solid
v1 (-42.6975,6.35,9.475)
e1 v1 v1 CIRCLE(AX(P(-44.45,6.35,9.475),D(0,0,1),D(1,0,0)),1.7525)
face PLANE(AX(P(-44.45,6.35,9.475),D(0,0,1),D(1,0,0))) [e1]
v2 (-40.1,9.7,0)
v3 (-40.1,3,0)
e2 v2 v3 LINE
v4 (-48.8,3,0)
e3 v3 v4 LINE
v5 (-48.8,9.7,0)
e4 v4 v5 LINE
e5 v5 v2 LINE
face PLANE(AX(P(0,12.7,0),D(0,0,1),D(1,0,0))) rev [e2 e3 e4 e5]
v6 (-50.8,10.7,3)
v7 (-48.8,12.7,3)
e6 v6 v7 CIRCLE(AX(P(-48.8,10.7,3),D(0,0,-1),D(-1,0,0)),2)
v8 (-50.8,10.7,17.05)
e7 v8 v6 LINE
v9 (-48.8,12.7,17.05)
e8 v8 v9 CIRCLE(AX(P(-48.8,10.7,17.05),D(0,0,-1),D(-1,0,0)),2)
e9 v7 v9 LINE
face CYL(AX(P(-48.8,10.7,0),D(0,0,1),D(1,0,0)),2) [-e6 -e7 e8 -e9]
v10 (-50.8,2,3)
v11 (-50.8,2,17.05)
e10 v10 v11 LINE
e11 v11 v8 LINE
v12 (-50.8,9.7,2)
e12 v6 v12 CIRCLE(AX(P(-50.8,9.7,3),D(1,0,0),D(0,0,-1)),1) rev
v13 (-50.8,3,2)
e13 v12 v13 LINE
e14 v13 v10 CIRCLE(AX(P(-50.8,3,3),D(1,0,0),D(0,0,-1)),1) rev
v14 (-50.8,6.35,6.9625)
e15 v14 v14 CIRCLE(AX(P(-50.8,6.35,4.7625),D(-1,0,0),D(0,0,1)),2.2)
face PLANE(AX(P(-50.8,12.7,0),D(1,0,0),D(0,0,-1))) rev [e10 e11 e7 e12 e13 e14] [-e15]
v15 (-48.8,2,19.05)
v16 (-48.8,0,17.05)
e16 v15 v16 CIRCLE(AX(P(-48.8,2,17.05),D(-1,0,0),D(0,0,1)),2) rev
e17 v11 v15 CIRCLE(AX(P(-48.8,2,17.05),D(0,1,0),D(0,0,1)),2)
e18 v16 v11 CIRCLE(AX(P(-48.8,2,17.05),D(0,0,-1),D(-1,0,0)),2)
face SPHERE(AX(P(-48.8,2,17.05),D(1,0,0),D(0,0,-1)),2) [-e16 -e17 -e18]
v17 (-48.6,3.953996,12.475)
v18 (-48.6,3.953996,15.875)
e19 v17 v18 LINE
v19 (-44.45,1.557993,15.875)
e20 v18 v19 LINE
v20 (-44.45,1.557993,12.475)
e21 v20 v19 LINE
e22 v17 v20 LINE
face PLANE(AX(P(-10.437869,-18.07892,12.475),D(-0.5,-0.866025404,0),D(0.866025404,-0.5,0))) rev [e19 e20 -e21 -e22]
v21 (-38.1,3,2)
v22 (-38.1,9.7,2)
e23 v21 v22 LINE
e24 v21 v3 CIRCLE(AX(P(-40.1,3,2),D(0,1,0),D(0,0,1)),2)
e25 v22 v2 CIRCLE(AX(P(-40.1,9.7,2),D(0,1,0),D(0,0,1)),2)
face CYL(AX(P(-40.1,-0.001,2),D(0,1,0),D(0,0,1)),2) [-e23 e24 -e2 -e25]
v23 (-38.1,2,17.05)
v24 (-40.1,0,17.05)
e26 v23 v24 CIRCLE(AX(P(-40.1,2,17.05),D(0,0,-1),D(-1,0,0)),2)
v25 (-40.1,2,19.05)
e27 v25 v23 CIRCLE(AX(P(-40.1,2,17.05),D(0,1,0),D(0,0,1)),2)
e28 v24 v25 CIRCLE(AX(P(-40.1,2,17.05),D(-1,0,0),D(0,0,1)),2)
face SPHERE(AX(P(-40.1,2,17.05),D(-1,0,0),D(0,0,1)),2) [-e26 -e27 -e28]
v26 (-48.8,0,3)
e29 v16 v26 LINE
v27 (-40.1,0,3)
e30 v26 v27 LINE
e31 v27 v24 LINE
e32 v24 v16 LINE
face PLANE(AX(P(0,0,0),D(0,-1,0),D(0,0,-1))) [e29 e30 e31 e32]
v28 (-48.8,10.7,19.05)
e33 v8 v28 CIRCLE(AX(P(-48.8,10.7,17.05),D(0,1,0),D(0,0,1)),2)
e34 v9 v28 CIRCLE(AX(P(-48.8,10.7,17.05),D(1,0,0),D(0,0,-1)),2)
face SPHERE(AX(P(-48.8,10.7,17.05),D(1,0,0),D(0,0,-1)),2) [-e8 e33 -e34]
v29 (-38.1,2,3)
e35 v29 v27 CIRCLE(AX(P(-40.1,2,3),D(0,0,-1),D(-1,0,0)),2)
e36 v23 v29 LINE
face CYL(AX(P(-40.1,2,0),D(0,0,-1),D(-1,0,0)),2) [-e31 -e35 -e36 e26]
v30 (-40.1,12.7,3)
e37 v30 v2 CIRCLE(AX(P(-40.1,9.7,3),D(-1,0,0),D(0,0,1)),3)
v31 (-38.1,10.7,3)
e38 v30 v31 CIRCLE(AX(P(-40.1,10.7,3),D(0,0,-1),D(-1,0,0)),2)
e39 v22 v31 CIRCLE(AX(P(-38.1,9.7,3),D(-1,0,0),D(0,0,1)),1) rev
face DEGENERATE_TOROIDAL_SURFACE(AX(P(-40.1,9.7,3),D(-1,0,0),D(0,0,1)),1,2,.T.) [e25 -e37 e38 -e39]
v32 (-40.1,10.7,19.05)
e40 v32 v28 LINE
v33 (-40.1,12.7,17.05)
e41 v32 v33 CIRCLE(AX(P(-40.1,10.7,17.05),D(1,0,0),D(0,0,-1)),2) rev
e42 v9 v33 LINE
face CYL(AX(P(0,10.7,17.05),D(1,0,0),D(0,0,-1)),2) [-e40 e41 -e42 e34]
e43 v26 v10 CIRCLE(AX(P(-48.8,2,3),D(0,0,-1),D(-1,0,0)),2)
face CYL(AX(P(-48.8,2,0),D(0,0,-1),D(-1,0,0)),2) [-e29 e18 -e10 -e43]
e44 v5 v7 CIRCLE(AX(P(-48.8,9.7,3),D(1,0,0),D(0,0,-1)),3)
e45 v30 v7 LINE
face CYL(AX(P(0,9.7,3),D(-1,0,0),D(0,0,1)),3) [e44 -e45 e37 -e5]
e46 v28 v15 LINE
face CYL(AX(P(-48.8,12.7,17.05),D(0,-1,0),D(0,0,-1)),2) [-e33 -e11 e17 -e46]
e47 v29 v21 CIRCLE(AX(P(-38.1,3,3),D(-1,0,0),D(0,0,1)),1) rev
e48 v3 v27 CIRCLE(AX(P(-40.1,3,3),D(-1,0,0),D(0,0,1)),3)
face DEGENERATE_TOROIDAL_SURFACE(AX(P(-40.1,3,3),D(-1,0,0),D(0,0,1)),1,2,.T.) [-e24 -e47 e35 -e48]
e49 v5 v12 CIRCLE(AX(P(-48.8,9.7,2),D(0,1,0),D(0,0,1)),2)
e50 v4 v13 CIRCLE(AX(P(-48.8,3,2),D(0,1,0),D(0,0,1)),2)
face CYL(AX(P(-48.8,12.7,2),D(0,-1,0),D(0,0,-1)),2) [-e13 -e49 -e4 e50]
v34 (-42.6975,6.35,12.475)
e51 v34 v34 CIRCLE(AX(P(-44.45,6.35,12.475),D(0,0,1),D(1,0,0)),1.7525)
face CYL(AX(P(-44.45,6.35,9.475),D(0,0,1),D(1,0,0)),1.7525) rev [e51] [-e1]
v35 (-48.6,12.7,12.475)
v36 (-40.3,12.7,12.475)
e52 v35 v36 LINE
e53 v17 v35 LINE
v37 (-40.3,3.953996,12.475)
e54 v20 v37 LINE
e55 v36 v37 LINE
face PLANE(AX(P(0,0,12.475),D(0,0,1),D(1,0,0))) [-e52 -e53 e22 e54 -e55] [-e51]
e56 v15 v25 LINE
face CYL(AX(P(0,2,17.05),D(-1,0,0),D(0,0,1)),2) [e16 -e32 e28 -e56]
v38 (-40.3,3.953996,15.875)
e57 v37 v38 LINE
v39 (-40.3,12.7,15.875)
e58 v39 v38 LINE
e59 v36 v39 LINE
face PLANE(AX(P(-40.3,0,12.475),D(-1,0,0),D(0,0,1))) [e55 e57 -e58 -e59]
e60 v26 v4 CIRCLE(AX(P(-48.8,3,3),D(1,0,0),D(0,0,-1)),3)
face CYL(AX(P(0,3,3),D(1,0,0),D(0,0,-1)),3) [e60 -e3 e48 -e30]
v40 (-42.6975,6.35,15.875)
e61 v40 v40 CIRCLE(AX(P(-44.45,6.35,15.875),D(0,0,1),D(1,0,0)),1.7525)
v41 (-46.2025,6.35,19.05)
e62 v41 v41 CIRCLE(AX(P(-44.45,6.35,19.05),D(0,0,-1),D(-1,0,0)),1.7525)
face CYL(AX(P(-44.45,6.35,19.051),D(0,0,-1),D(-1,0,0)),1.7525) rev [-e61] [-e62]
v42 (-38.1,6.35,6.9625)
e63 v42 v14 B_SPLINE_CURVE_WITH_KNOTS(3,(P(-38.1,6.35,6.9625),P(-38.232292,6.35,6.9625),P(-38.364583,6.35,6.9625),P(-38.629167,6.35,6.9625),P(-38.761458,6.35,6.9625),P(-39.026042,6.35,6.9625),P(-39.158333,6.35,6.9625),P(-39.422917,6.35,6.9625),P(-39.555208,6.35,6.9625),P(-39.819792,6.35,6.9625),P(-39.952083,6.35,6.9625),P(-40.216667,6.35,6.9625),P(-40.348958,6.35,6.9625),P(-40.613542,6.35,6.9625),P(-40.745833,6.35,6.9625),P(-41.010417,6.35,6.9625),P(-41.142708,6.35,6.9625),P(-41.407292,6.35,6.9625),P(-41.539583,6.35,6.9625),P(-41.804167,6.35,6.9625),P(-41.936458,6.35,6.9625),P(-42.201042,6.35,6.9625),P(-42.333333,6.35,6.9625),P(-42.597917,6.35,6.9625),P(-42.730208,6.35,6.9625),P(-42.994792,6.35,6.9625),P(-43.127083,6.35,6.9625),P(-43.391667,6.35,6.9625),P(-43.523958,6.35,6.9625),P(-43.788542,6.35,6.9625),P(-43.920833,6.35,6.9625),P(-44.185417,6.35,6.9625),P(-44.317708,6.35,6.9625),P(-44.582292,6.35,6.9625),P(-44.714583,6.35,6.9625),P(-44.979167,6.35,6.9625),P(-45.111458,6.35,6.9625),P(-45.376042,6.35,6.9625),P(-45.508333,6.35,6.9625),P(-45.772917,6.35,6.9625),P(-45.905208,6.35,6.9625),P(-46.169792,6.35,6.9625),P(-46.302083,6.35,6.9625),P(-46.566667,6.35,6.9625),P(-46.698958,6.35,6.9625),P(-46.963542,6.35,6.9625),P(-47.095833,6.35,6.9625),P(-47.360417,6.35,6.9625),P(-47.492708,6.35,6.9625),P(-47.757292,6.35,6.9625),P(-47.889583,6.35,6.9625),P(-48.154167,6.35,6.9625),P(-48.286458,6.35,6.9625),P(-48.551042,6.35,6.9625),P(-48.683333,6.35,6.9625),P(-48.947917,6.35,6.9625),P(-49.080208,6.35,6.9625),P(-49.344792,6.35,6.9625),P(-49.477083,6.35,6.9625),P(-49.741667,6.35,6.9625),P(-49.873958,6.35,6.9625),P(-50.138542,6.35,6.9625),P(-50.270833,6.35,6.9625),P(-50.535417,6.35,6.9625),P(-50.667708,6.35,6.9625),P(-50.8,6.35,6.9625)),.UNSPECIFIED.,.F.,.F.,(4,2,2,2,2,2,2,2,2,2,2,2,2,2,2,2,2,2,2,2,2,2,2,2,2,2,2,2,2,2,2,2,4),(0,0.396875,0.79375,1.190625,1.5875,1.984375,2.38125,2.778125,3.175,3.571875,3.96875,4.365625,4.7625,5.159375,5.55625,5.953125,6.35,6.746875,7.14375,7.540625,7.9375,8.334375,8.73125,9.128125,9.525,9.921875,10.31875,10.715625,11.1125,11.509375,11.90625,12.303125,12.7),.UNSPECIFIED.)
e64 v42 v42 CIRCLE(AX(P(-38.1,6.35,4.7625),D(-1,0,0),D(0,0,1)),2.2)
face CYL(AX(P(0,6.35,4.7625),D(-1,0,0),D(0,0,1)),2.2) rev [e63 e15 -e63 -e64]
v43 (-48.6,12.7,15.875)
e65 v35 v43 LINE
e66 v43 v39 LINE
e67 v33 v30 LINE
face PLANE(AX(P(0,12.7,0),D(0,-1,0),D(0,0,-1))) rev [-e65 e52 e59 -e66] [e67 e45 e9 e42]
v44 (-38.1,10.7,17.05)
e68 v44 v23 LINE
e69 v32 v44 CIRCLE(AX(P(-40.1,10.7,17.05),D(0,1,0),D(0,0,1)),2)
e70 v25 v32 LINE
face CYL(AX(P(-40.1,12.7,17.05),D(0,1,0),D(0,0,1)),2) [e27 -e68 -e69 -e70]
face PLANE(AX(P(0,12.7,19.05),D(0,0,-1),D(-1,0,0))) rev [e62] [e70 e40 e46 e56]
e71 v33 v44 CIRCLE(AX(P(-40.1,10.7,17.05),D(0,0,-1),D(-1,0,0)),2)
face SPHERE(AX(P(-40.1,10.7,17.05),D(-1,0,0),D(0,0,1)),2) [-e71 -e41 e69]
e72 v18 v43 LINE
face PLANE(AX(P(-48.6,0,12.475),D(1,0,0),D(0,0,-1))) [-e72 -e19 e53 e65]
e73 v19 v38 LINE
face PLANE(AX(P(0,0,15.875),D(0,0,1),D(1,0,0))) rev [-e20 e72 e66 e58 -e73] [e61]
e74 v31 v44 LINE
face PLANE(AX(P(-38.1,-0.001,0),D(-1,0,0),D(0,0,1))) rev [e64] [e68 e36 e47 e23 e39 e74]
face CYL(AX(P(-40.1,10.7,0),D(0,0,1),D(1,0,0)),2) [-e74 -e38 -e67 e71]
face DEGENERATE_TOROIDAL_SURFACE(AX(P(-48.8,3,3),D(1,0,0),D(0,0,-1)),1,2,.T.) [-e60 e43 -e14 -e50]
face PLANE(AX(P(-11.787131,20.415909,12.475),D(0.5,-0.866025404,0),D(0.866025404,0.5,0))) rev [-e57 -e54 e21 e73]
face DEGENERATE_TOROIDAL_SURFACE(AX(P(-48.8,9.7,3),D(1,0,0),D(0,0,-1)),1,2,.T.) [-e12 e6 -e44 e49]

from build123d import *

# Parameters (mm, degrees)
SKETCH1_W           = 50.8
SKETCH1_H           = 19.05
BOSS_EXTRUDE1_DEPTH = 12.7
SKETCH2_R           = 2.2
CUT_EXTRUDE1_DEPTH  = 56.72102386
SKETCH4_R           = 1.7525
CUT_EXTRUDE3_DEPTH  = 3.4
CUT_EXTRUDE4_START  = -3.4
SKETCH4_3_R         = 1.7525
CUT_EXTRUDE4_DEPTH  = 3
CUT_EXTRUDE5_REACH  = 56.717
SKETCH4_4_R         = 1.7525
CUT_EXTRUDE6_REACH  = 57.721
SKETCH5_W           = 38.1
SKETCH5_H           = 19.05
FILLET1_R           = 3
FILLET2_R           = 2
FILLET3_R           = 2


with BuildPart() as part:
    # Sketch1 → Boss-Extrude1 (new body)
    with BuildSketch(Plane(origin=(0, 0, 0), x_dir=(1, 0, 0), z_dir=(0, 1, 0))):
        with Locations((-25.4, -9.525)):
            Rectangle(SKETCH1_W, SKETCH1_H)
    extrude(amount=BOSS_EXTRUDE1_DEPTH)

    # Sketch2 → Cut-Extrude1 (cut, through all)
    with BuildSketch(Plane.ZY.offset(50.8)):
        with Locations((4.7625, 6.35)):
            Circle(SKETCH2_R)
    extrude(amount=-CUT_EXTRUDE1_DEPTH, mode=Mode.SUBTRACT)

    # Sketch4 → Cut-Extrude3 (cut)
    # profile 1 of 9: a face of its own
    with BuildSketch(Plane.XY.offset(15.875)):
        Polygon((-40.3, 12.7), (-40.3, 8.746003617), (-44.45, 11.142007234), (-48.6, 8.746003617), (-48.6, 12.7), align=None)
    # profile 2 of 9: a face of its own
    with BuildSketch(Plane.XY.offset(15.875)):
        Polygon((-48.6, 8.746003617), (-48.6, 3.953996383), (-44.45, 1.557992766), (-40.3, 3.953996383), (-40.3, 8.746003617), (-44.45, 11.142007234), align=None)
        with Locations((-44.45, 6.35)):
            Circle(SKETCH4_R, mode=Mode.SUBTRACT)
    # profile 3 of 9: a face of its own
    with BuildSketch(Plane.XY.offset(15.875)):
        Polygon((-35.9, 12.7), (-27.6, 12.7), (-27.6, 8.746003617), (-27.6, 3.953996383), (-31.75, 1.557992766), (-35.9, 3.953996383), (-35.9, 8.746003617), align=None)
        with Locations((-31.75, 6.35)):
            Circle(SKETCH4_R, mode=Mode.SUBTRACT)
    # profile 4 of 9: a face of its own
    with BuildSketch(Plane.XY.offset(15.875)):
        with Locations((-31.75, 6.35)):
            Circle(SKETCH4_R)
    # profile 5 of 9: a face of its own
    with BuildSketch(Plane.XY.offset(15.875)):
        with Locations((-44.45, 6.35)):
            Circle(SKETCH4_R)
    # profile 6 of 9: a face of its own
    with BuildSketch(Plane.XY.offset(15.875)):
        Polygon((-23.2, 12.7), (-14.9, 12.7), (-14.9, 8.746003617), (-14.9, 3.953996383), (-19.05, 1.557992766), (-23.2, 3.953996383), (-23.2, 8.746003617), align=None)
        with Locations((-19.05, 6.35)):
            Circle(SKETCH4_R, mode=Mode.SUBTRACT)
    # profile 7 of 9: a face of its own
    with BuildSketch(Plane.XY.offset(15.875)):
        with Locations((-19.05, 6.35)):
            Circle(SKETCH4_R)
    # profile 8 of 9: a face of its own
    with BuildSketch(Plane.XY.offset(15.875)):
        Polygon((-10.5, 12.7), (-2.2, 12.7), (-2.2, 8.746003617), (-2.2, 3.953996383), (-6.35, 1.557992766), (-10.5, 3.953996383), (-10.5, 8.746003617), align=None)
        with Locations((-6.35, 6.35)):
            Circle(SKETCH4_R, mode=Mode.SUBTRACT)
    # profile 9 of 9: a face of its own
    with BuildSketch(Plane.XY.offset(15.875)):
        with Locations((-6.35, 6.35)):
            Circle(SKETCH4_R)
    extrude(amount=-CUT_EXTRUDE3_DEPTH, mode=Mode.SUBTRACT)

    # Sketch4<3> → Cut-Extrude4 (cut)
    with BuildSketch(Plane.XY.offset(15.875).offset(CUT_EXTRUDE4_START)):
        with Locations((-44.45, 6.35)):
            Circle(SKETCH4_3_R)
        with Locations((-31.75, 6.35)):
            Circle(SKETCH4_3_R)
        with Locations((-19.05, 6.35)):
            Circle(SKETCH4_3_R)
        with Locations((-6.35, 6.35)):
            Circle(SKETCH4_3_R)
    extrude(amount=-CUT_EXTRUDE4_DEPTH, mode=Mode.SUBTRACT)

    # Sketch4<4> → Cut-Extrude5 (cut, up to next)
    with BuildSketch(Plane.XY.offset(15.875), mode=Mode.PRIVATE) as cut_extrude5_sk1:
        with Locations((-44.45, 6.35)):
            Circle(SKETCH4_4_R)
    cut_extrude5_tool1 = extrude(cut_extrude5_sk1.sketch, amount=CUT_EXTRUDE5_REACH, mode=Mode.PRIVATE) & part.part
    # Sketch4<4> → Cut-Extrude5 (cut, up to next)
    with BuildSketch(Plane.XY.offset(15.875), mode=Mode.PRIVATE) as cut_extrude5_sk2:
        with Locations((-31.75, 6.35)):
            Circle(SKETCH4_4_R)
    cut_extrude5_tool2 = extrude(cut_extrude5_sk2.sketch, amount=CUT_EXTRUDE5_REACH, mode=Mode.PRIVATE) & part.part
    # Sketch4<4> → Cut-Extrude5 (cut, up to next)
    with BuildSketch(Plane.XY.offset(15.875), mode=Mode.PRIVATE) as cut_extrude5_sk3:
        with Locations((-19.05, 6.35)):
            Circle(SKETCH4_4_R)
    cut_extrude5_tool3 = extrude(cut_extrude5_sk3.sketch, amount=CUT_EXTRUDE5_REACH, mode=Mode.PRIVATE) & part.part
    # Sketch4<4> → Cut-Extrude5 (cut, up to next)
    with BuildSketch(Plane.XY.offset(15.875), mode=Mode.PRIVATE) as cut_extrude5_sk4:
        with Locations((-6.35, 6.35)):
            Circle(SKETCH4_4_R)
    cut_extrude5_tool4 = extrude(cut_extrude5_sk4.sketch, amount=CUT_EXTRUDE5_REACH, mode=Mode.PRIVATE) & part.part
    add(cut_extrude5_tool1.solids().sort_by_distance((-44.45, 6.35, 15.875))[0], mode=Mode.SUBTRACT)
    add(cut_extrude5_tool2.solids().sort_by_distance((-31.75, 6.35, 15.875))[0], mode=Mode.SUBTRACT)
    add(cut_extrude5_tool3.solids().sort_by_distance((-19.05, 6.35, 15.875))[0], mode=Mode.SUBTRACT)
    add(cut_extrude5_tool4.solids().sort_by_distance((-6.35, 6.35, 15.875))[0], mode=Mode.SUBTRACT)

    # Sketch5 → Cut-Extrude6 (cut, up to next)
    with BuildSketch(Plane(origin=(0, 12.7, 0), x_dir=(1, 0, 0), z_dir=(0, 1, 0)), mode=Mode.PRIVATE) as cut_extrude6_sk1:
        with Locations((-19.05, -9.525)):
            Rectangle(SKETCH5_W, SKETCH5_H)
    cut_extrude6_tool1 = extrude(cut_extrude6_sk1.sketch, amount=-CUT_EXTRUDE6_REACH, mode=Mode.PRIVATE) & part.part
    add(cut_extrude6_tool1.solids().sort_by_distance((-19.05, 12.7, 9.525))[0], mode=Mode.SUBTRACT)

    # Fillet1
    fillet1_edges = [part.edges().sort_by_distance(p)[0] for p in [
        (-44.45, 0, 0),
        (-44.45, 12.7, 0),
    ]]
    fillet(fillet1_edges, radius=FILLET1_R)

    # Fillet2
    fillet2_edges = [part.edges().sort_by_distance(p)[0] for p in [
        (-44.45, 12.7, 19.05),
        (-44.45, 0, 19.05),
    ]]
    fillet(fillet2_edges, radius=FILLET2_R)

    # Fillet3
    fillet3_edges = [part.edges().sort_by_distance(p)[0] for p in [
        (-38.1, 6.35, 0),
        (-50.8, 6.35, 0),
        (-50.8, 0, 10.025),
        (-50.8, 12.7, 10.025),
        (-50.8, 11.821320344, 0.878679656),
        (-50.8, 0.878679656, 0.878679656),
        (-38.1, 0, 10.025),
        (-38.1, 12.7, 10.025),
        (-38.1, 11.821320344, 0.878679656),
        (-38.1, 0.878679656, 0.878679656),
        (-38.1, 6.35, 19.05),
        (-50.8, 6.35, 19.05),
        (-38.1, 12.114213562, 18.464213562),
        (-38.1, 0.585786438, 18.464213562),
        (-50.8, 12.114213562, 18.464213562),
        (-50.8, 0.585786438, 18.464213562),
    ]]
    fillet(fillet3_edges, radius=FILLET3_R)


solid = part.part
